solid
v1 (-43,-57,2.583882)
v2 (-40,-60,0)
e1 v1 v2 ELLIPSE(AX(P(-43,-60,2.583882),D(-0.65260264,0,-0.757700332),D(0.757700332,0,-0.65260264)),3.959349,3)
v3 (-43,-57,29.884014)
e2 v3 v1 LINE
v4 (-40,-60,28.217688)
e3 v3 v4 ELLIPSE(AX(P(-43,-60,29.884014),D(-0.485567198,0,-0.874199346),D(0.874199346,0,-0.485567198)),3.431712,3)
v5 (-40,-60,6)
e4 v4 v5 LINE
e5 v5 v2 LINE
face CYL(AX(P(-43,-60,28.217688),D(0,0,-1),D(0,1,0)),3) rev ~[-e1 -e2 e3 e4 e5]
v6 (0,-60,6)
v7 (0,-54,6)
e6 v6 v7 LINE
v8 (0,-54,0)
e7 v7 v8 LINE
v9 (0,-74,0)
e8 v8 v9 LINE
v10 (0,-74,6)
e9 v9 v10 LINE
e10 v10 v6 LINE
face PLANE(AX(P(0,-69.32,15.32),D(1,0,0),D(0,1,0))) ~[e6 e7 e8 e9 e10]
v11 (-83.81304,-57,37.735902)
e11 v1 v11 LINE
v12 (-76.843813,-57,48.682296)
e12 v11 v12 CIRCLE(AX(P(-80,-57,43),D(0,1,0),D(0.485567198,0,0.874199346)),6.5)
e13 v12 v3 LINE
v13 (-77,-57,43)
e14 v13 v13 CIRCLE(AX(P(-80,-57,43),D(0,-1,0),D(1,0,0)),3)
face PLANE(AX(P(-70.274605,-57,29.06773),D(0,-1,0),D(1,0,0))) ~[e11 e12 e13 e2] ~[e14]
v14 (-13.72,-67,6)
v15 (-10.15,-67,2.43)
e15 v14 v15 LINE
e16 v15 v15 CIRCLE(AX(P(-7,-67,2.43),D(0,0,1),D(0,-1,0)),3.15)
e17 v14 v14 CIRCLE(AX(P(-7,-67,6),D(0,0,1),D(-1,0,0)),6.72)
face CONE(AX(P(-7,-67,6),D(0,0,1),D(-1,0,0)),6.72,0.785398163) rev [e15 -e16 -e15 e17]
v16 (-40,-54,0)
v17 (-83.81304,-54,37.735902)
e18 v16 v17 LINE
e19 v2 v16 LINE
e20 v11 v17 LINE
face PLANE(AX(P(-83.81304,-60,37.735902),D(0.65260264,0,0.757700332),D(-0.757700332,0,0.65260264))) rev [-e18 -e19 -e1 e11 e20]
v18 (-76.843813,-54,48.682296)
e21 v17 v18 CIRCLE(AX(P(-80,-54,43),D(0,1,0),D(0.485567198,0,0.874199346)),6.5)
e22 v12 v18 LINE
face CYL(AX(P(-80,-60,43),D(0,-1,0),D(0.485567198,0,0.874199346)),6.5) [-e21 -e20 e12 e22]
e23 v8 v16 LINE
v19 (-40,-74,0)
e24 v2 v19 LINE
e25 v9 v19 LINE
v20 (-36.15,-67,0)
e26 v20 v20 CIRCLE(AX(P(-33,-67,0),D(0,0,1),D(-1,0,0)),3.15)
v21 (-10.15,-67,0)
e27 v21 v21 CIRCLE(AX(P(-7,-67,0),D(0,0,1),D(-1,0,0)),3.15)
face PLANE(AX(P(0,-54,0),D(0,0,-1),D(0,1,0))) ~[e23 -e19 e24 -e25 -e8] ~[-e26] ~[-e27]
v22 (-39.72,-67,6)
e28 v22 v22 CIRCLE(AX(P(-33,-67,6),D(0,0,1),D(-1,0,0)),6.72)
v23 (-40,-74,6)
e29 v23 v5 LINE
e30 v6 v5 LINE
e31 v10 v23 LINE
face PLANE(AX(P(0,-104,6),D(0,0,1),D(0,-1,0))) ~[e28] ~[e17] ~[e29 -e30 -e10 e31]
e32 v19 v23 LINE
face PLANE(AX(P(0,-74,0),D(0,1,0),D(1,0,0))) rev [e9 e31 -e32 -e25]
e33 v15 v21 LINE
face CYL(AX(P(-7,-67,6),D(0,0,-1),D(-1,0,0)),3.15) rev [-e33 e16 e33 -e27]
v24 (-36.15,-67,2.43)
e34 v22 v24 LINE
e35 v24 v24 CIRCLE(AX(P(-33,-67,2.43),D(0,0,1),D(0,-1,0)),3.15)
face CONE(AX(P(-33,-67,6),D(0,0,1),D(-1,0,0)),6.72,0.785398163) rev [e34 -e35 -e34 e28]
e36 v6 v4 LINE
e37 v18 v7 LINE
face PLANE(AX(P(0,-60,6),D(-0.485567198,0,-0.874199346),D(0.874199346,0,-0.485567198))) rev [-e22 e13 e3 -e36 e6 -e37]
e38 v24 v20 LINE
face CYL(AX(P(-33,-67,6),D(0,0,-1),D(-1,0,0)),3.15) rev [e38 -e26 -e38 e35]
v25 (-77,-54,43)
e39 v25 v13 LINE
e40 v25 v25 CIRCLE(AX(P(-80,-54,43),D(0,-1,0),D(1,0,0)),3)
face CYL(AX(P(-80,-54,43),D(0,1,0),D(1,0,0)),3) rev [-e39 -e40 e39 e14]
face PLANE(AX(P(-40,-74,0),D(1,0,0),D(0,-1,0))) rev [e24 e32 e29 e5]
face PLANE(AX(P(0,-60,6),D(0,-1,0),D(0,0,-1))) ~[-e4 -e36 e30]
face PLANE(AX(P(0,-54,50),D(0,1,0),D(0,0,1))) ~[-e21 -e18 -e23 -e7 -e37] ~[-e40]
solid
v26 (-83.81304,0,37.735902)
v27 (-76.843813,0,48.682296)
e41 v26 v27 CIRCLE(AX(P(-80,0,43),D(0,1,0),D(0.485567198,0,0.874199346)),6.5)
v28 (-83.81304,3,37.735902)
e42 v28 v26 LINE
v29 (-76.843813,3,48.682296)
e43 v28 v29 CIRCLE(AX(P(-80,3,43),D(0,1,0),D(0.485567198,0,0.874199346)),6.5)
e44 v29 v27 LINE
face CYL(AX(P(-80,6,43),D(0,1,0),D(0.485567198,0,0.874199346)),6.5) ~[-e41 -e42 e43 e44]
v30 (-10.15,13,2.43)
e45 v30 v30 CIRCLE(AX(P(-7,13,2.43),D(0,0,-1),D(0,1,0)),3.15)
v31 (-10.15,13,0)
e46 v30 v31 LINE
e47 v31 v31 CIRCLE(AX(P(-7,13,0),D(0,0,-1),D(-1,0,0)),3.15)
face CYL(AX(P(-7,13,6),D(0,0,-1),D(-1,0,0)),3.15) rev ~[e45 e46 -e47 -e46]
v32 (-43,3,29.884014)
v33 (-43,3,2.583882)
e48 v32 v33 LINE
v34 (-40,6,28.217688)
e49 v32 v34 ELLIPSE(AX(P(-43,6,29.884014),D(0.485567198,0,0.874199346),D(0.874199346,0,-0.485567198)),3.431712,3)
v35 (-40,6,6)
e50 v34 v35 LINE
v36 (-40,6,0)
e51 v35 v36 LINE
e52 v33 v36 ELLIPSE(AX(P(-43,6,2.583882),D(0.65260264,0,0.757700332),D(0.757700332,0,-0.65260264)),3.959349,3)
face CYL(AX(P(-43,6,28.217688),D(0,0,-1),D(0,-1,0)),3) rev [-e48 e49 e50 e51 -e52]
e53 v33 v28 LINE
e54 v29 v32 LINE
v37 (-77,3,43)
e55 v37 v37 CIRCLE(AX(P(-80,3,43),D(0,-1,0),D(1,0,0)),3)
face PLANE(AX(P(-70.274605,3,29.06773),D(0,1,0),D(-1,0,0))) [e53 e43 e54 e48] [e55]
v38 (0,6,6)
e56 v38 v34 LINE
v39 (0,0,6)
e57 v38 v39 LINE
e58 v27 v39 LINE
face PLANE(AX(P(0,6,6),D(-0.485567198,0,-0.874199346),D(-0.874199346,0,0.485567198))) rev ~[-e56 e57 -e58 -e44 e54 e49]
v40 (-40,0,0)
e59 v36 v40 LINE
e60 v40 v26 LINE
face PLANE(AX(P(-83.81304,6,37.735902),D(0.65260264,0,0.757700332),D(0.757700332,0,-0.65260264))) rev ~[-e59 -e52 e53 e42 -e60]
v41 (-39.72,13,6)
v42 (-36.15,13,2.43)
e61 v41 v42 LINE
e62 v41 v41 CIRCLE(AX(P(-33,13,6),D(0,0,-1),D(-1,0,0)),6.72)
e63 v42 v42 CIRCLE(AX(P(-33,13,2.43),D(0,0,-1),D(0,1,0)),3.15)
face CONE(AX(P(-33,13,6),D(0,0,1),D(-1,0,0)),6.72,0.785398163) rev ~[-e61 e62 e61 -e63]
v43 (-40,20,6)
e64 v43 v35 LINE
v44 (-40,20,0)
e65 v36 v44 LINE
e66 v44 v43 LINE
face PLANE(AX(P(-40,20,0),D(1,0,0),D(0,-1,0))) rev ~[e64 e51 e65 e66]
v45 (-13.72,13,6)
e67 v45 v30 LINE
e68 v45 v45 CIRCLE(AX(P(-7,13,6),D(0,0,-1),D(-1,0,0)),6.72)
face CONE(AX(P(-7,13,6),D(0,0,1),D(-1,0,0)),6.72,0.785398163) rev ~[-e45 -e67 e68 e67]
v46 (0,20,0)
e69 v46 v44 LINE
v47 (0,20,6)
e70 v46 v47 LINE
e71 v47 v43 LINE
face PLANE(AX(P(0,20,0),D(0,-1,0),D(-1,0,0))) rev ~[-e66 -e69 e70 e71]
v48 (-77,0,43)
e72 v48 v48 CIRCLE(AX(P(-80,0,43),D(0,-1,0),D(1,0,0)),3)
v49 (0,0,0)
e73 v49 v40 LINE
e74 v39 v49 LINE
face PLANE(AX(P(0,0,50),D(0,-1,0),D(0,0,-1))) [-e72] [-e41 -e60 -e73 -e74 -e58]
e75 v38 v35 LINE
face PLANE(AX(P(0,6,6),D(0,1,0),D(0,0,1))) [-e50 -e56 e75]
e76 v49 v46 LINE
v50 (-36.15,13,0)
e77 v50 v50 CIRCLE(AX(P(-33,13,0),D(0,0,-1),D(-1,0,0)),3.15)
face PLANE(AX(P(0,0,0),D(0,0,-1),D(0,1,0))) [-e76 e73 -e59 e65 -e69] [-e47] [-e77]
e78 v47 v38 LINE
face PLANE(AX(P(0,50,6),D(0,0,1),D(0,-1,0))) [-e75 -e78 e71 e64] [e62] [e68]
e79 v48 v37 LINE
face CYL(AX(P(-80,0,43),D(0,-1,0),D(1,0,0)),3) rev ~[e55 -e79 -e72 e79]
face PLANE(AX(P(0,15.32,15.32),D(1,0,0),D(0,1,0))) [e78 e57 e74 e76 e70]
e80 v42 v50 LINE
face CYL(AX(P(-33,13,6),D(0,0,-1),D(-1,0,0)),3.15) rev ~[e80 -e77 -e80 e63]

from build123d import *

# Parameters (mm, degrees)
F1_DEPTH        = 100
F3_R            = 3
F4_DEPTH        = 25
F6_DEPTH        = 6
F8_DEPTH        = 25
F10_DEPTH       = 3
F11_R           = 3
F12_D           = 6.3
F12_CSINK_D     = 13.44
F12_CSINK_ANGLE = 90


with BuildPart() as f1:
    # F0 (on Right) → F1 (new body)
    with BuildSketch(Plane.YZ):
        Polygon((0, 50), (0, 0), (50, 0), (50, 6), (6, 6), (6, 50), align=None)
    extrude(amount=-F1_DEPTH)

    # F3 (on face) → F4 (cut)
    with BuildSketch(Plane.XZ):
        with Locations((-80, 43)):
            Circle(F3_R)
    extrude(amount=-F4_DEPTH, mode=Mode.SUBTRACT)

    # F5 (on face) → F6 (cut)
    with BuildSketch(Plane(origin=(0, 0, 0), x_dir=(1, 0, 0), z_dir=(0, 0, -1))):
        Polygon((-40, -20), (-40, -6), (-100, -6), (-100, -50), (0, -50), (0, -20), align=None)
    extrude(amount=-F6_DEPTH, mode=Mode.SUBTRACT)

    # F7 (on face) → F8 (cut)
    with BuildSketch(Plane(origin=(0, 6, 0), x_dir=(-1, 0, 0), z_dir=(0, 1, 0))):
        with BuildLine():
            ThreePointArc((76.8438132159, 48.6822957494), (85.4830416797, 46.4908815418), (83.8130402948, 37.735902384))
            Line((83.8130402948, 37.735902384), (40, 0))
            Line((40, 0), (100, 0))
            Line((100, 0), (100, 50))
            Line((100, 50), (0, 50))
            Line((0, 50), (0, 6))
            Line((0, 6), (76.8438132159, 48.6822957494))
        make_face()
    extrude(amount=-F8_DEPTH, mode=Mode.SUBTRACT)

    # F9 (on face) → F10 (cut)
    with BuildSketch(Plane(origin=(0, 6, 0), x_dir=(-1, 0, 0), z_dir=(0, 1, 0))):
        Polygon((40, 28.2176875213), (40, 0), (106.4058691263, 23.9036325365), (83.2354798913, 63.7919008732), align=None)
    extrude(amount=-F10_DEPTH, mode=Mode.SUBTRACT)

    # F11
    f11_edges = [f1.edges().sort_by_distance(p)[0] for p in [
        (-40, 3, 14.108844),
    ]]
    fillet(f11_edges, radius=F11_R)

    # F12 (through all)
    with Locations(Plane.XY.offset(6)):
        with Locations((-7, 13), (-33, 13)):
            CounterSinkHole(F12_D / 2, F12_CSINK_D / 2, counter_sink_angle=F12_CSINK_ANGLE)


with BuildPart() as f14_1:
    # F14: instance of F1
    add(f1.part.mirror(Plane(origin=(-44.4244543303, -27, 20.0282334001), x_dir=(1, 0, 0), z_dir=(0, -1, 0))))


solid = Compound([f1.part, f14_1.part])
